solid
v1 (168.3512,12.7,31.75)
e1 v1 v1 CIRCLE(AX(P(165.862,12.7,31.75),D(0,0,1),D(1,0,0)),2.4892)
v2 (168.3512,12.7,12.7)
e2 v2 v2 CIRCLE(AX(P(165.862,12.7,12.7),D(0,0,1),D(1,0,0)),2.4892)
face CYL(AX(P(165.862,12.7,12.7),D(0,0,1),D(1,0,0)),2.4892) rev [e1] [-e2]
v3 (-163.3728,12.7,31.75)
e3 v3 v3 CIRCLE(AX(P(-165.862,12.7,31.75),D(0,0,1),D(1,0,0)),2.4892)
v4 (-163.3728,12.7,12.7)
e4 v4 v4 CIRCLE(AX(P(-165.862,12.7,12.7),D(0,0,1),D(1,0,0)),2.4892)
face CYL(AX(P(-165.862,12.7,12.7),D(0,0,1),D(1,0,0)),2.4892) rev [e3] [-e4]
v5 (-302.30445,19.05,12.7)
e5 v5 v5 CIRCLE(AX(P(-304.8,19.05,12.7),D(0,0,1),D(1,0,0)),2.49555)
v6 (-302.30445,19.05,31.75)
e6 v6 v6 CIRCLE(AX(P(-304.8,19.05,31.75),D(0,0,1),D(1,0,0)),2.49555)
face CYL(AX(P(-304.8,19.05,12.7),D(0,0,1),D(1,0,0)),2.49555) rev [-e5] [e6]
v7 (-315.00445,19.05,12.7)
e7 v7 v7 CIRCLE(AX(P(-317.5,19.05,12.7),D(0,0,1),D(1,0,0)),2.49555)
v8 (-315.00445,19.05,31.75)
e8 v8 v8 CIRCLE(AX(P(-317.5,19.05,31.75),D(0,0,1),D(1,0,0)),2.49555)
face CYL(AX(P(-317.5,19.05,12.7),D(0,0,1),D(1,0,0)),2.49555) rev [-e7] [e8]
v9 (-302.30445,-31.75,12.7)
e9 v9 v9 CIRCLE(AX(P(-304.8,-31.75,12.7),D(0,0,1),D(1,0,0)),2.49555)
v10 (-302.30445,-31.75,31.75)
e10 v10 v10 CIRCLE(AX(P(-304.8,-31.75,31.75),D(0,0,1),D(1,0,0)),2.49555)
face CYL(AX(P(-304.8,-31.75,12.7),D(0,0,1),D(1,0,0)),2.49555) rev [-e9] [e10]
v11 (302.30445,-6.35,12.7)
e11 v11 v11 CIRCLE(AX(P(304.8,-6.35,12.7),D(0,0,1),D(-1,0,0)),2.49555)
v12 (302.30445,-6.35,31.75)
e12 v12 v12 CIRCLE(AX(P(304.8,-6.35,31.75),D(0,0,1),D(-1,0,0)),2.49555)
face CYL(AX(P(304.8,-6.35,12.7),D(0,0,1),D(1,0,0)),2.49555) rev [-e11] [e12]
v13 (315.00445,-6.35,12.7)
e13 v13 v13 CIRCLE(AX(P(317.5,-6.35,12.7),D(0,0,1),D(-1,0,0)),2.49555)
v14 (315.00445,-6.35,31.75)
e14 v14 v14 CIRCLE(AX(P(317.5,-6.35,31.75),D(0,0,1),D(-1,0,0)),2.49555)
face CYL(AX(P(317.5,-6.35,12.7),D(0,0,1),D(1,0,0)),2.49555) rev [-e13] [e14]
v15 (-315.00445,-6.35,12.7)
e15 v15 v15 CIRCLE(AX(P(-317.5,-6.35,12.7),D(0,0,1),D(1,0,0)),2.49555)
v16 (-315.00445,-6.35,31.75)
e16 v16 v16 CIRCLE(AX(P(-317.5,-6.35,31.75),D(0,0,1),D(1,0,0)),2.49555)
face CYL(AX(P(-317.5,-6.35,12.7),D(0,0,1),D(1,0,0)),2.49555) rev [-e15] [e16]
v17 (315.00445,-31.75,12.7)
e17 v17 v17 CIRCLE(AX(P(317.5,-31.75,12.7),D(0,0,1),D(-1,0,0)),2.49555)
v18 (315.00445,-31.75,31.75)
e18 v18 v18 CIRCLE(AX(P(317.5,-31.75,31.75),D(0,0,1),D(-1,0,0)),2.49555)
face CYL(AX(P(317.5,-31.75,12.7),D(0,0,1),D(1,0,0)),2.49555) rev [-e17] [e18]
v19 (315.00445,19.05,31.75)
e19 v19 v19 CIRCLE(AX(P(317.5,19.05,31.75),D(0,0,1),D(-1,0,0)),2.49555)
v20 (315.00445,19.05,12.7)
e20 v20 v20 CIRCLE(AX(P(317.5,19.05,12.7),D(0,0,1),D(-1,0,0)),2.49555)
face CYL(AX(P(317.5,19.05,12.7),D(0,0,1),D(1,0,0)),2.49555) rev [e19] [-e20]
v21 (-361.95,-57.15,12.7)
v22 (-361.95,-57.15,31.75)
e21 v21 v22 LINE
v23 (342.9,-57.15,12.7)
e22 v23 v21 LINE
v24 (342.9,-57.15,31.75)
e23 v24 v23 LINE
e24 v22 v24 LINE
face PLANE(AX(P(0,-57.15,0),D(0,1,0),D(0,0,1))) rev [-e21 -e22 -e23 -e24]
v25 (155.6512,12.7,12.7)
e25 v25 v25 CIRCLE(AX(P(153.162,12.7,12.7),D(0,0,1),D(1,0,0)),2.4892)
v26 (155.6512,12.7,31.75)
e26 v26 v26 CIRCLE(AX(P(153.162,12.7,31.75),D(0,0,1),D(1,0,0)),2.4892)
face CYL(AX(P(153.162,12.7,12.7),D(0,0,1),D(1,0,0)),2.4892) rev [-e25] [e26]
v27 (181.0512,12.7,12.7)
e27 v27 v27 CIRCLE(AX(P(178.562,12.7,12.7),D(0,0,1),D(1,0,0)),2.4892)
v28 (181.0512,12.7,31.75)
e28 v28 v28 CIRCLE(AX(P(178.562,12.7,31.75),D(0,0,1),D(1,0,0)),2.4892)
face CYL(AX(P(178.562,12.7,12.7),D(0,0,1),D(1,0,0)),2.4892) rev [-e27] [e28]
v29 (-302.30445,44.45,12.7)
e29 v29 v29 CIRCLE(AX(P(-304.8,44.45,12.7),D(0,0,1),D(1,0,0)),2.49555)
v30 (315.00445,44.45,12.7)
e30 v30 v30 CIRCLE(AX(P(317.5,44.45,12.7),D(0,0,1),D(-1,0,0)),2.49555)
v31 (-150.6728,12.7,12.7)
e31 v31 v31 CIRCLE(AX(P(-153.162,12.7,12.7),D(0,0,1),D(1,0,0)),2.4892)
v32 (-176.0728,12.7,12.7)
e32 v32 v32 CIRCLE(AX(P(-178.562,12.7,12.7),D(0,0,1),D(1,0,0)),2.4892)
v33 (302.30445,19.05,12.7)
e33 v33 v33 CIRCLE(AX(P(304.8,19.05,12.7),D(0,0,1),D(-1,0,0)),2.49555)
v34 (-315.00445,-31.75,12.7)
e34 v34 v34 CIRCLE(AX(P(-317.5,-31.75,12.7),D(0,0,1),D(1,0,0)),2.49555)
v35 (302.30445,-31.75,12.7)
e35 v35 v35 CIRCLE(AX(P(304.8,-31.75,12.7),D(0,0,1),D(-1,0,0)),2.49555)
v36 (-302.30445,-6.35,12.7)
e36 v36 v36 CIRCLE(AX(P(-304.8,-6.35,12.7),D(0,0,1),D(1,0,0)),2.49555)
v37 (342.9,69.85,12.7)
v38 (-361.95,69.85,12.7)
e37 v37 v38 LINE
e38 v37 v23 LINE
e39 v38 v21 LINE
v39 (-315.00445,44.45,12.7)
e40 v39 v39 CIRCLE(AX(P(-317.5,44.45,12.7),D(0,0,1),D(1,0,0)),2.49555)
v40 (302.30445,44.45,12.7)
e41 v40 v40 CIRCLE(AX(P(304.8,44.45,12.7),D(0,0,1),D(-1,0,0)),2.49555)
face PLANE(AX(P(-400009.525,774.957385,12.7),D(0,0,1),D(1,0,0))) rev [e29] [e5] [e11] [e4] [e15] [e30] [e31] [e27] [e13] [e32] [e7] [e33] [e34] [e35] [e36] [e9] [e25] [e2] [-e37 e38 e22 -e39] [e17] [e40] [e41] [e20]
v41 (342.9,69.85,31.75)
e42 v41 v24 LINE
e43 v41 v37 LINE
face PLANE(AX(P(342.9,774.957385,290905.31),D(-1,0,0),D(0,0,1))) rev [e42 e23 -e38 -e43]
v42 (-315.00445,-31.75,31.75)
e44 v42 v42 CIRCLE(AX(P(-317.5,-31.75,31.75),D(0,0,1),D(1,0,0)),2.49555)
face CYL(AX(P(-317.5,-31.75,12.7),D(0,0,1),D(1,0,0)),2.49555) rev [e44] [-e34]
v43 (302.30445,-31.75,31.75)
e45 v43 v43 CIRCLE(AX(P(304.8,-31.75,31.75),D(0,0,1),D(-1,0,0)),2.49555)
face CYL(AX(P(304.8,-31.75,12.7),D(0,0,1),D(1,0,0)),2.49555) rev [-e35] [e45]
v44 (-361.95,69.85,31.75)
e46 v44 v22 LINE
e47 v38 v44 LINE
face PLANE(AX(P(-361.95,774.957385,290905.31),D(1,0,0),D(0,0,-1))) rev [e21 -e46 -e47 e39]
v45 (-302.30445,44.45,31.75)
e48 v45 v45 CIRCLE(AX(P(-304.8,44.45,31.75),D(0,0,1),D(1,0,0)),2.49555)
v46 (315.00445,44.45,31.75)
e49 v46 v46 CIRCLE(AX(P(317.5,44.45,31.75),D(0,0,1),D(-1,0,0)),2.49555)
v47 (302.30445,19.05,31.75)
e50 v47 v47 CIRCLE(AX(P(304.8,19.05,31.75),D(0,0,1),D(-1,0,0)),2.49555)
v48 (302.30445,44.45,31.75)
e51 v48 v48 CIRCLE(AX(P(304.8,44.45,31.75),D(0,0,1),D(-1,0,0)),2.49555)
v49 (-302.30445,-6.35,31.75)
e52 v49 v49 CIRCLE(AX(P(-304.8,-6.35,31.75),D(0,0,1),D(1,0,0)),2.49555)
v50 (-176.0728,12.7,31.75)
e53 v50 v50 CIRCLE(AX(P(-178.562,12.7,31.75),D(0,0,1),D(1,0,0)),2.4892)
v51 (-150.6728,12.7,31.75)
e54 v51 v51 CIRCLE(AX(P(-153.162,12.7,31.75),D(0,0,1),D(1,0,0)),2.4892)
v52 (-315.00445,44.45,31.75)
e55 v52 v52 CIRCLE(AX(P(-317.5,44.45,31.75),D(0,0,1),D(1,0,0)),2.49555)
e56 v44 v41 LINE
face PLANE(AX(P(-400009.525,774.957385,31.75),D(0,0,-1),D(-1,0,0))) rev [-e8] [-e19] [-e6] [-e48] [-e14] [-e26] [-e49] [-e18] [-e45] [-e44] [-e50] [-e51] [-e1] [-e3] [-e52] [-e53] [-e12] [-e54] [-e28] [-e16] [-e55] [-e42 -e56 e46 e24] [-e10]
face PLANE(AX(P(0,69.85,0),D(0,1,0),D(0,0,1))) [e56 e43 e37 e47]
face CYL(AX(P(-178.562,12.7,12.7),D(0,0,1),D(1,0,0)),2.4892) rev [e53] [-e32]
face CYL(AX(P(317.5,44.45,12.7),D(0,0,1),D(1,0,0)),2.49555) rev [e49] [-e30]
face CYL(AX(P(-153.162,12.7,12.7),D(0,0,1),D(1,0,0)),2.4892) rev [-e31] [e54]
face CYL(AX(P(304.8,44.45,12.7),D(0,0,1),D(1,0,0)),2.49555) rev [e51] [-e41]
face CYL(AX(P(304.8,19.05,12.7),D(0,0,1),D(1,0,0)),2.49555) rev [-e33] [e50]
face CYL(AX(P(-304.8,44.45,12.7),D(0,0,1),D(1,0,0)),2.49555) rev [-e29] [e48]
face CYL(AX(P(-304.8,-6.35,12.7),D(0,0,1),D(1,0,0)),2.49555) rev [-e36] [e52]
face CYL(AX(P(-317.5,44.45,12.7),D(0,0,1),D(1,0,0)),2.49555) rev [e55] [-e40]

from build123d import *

# Parameters (mm, degrees)
BOSS_EXTRUDE1_START = -57.15
SKETCH4_W           = 704.85
SKETCH4_H           = 19.05
BOSS_EXTRUDE1_DEPTH = 127
SKETCH5_R           = 2.49555
SKETCH5_R_2         = 2.4892
CUT_EXTRUDE1_DEPTH  = 20.05


with BuildPart() as part:
    # Sketch4 → Boss-Extrude1 (new body)
    with BuildSketch(Plane(origin=(0, 0, 0), x_dir=(1, 0, 0), z_dir=(0, 1, 0)).offset(BOSS_EXTRUDE1_START)):
        with Locations((-9.525, -22.225)):
            Rectangle(SKETCH4_W, SKETCH4_H)
    extrude(amount=BOSS_EXTRUDE1_DEPTH)

    # Sketch5 → Cut-Extrude1 (cut, through all)
    with BuildSketch(Plane.XY.offset(31.75)):
        with Locations((-317.5, 44.45)):
            Circle(SKETCH5_R)
        with Locations((-304.8, 44.45)):
            Circle(SKETCH5_R)
        with Locations((-317.5, 19.05)):
            Circle(SKETCH5_R)
        with Locations((-304.8, 19.05)):
            Circle(SKETCH5_R)
        with Locations((-317.5, -6.35)):
            Circle(SKETCH5_R)
        with Locations((-304.8, -6.35)):
            Circle(SKETCH5_R)
        with Locations((-317.5, -31.75)):
            Circle(SKETCH5_R)
        with Locations((-304.8, -31.75)):
            Circle(SKETCH5_R)
        with Locations((304.8, 44.45)):
            Circle(SKETCH5_R)
        with Locations((317.5, 44.45)):
            Circle(SKETCH5_R)
        with Locations((-178.562, 12.7)):
            Circle(SKETCH5_R_2)
        with Locations((-165.862, 12.7)):
            Circle(SKETCH5_R_2)
        with Locations((-153.162, 12.7)):
            Circle(SKETCH5_R_2)
        with Locations((153.162, 12.7)):
            Circle(SKETCH5_R_2)
        with Locations((165.862, 12.7)):
            Circle(SKETCH5_R_2)
        with Locations((178.562, 12.7)):
            Circle(SKETCH5_R_2)
        with Locations((317.5, 19.05)):
            Circle(SKETCH5_R)
        with Locations((304.8, 19.05)):
            Circle(SKETCH5_R)
        with Locations((317.5, -6.35)):
            Circle(SKETCH5_R)
        with Locations((304.8, -6.35)):
            Circle(SKETCH5_R)
        with Locations((317.5, -31.75)):
            Circle(SKETCH5_R)
        with Locations((304.8, -31.75)):
            Circle(SKETCH5_R)
    extrude(amount=-CUT_EXTRUDE1_DEPTH, mode=Mode.SUBTRACT)


solid = part.part
